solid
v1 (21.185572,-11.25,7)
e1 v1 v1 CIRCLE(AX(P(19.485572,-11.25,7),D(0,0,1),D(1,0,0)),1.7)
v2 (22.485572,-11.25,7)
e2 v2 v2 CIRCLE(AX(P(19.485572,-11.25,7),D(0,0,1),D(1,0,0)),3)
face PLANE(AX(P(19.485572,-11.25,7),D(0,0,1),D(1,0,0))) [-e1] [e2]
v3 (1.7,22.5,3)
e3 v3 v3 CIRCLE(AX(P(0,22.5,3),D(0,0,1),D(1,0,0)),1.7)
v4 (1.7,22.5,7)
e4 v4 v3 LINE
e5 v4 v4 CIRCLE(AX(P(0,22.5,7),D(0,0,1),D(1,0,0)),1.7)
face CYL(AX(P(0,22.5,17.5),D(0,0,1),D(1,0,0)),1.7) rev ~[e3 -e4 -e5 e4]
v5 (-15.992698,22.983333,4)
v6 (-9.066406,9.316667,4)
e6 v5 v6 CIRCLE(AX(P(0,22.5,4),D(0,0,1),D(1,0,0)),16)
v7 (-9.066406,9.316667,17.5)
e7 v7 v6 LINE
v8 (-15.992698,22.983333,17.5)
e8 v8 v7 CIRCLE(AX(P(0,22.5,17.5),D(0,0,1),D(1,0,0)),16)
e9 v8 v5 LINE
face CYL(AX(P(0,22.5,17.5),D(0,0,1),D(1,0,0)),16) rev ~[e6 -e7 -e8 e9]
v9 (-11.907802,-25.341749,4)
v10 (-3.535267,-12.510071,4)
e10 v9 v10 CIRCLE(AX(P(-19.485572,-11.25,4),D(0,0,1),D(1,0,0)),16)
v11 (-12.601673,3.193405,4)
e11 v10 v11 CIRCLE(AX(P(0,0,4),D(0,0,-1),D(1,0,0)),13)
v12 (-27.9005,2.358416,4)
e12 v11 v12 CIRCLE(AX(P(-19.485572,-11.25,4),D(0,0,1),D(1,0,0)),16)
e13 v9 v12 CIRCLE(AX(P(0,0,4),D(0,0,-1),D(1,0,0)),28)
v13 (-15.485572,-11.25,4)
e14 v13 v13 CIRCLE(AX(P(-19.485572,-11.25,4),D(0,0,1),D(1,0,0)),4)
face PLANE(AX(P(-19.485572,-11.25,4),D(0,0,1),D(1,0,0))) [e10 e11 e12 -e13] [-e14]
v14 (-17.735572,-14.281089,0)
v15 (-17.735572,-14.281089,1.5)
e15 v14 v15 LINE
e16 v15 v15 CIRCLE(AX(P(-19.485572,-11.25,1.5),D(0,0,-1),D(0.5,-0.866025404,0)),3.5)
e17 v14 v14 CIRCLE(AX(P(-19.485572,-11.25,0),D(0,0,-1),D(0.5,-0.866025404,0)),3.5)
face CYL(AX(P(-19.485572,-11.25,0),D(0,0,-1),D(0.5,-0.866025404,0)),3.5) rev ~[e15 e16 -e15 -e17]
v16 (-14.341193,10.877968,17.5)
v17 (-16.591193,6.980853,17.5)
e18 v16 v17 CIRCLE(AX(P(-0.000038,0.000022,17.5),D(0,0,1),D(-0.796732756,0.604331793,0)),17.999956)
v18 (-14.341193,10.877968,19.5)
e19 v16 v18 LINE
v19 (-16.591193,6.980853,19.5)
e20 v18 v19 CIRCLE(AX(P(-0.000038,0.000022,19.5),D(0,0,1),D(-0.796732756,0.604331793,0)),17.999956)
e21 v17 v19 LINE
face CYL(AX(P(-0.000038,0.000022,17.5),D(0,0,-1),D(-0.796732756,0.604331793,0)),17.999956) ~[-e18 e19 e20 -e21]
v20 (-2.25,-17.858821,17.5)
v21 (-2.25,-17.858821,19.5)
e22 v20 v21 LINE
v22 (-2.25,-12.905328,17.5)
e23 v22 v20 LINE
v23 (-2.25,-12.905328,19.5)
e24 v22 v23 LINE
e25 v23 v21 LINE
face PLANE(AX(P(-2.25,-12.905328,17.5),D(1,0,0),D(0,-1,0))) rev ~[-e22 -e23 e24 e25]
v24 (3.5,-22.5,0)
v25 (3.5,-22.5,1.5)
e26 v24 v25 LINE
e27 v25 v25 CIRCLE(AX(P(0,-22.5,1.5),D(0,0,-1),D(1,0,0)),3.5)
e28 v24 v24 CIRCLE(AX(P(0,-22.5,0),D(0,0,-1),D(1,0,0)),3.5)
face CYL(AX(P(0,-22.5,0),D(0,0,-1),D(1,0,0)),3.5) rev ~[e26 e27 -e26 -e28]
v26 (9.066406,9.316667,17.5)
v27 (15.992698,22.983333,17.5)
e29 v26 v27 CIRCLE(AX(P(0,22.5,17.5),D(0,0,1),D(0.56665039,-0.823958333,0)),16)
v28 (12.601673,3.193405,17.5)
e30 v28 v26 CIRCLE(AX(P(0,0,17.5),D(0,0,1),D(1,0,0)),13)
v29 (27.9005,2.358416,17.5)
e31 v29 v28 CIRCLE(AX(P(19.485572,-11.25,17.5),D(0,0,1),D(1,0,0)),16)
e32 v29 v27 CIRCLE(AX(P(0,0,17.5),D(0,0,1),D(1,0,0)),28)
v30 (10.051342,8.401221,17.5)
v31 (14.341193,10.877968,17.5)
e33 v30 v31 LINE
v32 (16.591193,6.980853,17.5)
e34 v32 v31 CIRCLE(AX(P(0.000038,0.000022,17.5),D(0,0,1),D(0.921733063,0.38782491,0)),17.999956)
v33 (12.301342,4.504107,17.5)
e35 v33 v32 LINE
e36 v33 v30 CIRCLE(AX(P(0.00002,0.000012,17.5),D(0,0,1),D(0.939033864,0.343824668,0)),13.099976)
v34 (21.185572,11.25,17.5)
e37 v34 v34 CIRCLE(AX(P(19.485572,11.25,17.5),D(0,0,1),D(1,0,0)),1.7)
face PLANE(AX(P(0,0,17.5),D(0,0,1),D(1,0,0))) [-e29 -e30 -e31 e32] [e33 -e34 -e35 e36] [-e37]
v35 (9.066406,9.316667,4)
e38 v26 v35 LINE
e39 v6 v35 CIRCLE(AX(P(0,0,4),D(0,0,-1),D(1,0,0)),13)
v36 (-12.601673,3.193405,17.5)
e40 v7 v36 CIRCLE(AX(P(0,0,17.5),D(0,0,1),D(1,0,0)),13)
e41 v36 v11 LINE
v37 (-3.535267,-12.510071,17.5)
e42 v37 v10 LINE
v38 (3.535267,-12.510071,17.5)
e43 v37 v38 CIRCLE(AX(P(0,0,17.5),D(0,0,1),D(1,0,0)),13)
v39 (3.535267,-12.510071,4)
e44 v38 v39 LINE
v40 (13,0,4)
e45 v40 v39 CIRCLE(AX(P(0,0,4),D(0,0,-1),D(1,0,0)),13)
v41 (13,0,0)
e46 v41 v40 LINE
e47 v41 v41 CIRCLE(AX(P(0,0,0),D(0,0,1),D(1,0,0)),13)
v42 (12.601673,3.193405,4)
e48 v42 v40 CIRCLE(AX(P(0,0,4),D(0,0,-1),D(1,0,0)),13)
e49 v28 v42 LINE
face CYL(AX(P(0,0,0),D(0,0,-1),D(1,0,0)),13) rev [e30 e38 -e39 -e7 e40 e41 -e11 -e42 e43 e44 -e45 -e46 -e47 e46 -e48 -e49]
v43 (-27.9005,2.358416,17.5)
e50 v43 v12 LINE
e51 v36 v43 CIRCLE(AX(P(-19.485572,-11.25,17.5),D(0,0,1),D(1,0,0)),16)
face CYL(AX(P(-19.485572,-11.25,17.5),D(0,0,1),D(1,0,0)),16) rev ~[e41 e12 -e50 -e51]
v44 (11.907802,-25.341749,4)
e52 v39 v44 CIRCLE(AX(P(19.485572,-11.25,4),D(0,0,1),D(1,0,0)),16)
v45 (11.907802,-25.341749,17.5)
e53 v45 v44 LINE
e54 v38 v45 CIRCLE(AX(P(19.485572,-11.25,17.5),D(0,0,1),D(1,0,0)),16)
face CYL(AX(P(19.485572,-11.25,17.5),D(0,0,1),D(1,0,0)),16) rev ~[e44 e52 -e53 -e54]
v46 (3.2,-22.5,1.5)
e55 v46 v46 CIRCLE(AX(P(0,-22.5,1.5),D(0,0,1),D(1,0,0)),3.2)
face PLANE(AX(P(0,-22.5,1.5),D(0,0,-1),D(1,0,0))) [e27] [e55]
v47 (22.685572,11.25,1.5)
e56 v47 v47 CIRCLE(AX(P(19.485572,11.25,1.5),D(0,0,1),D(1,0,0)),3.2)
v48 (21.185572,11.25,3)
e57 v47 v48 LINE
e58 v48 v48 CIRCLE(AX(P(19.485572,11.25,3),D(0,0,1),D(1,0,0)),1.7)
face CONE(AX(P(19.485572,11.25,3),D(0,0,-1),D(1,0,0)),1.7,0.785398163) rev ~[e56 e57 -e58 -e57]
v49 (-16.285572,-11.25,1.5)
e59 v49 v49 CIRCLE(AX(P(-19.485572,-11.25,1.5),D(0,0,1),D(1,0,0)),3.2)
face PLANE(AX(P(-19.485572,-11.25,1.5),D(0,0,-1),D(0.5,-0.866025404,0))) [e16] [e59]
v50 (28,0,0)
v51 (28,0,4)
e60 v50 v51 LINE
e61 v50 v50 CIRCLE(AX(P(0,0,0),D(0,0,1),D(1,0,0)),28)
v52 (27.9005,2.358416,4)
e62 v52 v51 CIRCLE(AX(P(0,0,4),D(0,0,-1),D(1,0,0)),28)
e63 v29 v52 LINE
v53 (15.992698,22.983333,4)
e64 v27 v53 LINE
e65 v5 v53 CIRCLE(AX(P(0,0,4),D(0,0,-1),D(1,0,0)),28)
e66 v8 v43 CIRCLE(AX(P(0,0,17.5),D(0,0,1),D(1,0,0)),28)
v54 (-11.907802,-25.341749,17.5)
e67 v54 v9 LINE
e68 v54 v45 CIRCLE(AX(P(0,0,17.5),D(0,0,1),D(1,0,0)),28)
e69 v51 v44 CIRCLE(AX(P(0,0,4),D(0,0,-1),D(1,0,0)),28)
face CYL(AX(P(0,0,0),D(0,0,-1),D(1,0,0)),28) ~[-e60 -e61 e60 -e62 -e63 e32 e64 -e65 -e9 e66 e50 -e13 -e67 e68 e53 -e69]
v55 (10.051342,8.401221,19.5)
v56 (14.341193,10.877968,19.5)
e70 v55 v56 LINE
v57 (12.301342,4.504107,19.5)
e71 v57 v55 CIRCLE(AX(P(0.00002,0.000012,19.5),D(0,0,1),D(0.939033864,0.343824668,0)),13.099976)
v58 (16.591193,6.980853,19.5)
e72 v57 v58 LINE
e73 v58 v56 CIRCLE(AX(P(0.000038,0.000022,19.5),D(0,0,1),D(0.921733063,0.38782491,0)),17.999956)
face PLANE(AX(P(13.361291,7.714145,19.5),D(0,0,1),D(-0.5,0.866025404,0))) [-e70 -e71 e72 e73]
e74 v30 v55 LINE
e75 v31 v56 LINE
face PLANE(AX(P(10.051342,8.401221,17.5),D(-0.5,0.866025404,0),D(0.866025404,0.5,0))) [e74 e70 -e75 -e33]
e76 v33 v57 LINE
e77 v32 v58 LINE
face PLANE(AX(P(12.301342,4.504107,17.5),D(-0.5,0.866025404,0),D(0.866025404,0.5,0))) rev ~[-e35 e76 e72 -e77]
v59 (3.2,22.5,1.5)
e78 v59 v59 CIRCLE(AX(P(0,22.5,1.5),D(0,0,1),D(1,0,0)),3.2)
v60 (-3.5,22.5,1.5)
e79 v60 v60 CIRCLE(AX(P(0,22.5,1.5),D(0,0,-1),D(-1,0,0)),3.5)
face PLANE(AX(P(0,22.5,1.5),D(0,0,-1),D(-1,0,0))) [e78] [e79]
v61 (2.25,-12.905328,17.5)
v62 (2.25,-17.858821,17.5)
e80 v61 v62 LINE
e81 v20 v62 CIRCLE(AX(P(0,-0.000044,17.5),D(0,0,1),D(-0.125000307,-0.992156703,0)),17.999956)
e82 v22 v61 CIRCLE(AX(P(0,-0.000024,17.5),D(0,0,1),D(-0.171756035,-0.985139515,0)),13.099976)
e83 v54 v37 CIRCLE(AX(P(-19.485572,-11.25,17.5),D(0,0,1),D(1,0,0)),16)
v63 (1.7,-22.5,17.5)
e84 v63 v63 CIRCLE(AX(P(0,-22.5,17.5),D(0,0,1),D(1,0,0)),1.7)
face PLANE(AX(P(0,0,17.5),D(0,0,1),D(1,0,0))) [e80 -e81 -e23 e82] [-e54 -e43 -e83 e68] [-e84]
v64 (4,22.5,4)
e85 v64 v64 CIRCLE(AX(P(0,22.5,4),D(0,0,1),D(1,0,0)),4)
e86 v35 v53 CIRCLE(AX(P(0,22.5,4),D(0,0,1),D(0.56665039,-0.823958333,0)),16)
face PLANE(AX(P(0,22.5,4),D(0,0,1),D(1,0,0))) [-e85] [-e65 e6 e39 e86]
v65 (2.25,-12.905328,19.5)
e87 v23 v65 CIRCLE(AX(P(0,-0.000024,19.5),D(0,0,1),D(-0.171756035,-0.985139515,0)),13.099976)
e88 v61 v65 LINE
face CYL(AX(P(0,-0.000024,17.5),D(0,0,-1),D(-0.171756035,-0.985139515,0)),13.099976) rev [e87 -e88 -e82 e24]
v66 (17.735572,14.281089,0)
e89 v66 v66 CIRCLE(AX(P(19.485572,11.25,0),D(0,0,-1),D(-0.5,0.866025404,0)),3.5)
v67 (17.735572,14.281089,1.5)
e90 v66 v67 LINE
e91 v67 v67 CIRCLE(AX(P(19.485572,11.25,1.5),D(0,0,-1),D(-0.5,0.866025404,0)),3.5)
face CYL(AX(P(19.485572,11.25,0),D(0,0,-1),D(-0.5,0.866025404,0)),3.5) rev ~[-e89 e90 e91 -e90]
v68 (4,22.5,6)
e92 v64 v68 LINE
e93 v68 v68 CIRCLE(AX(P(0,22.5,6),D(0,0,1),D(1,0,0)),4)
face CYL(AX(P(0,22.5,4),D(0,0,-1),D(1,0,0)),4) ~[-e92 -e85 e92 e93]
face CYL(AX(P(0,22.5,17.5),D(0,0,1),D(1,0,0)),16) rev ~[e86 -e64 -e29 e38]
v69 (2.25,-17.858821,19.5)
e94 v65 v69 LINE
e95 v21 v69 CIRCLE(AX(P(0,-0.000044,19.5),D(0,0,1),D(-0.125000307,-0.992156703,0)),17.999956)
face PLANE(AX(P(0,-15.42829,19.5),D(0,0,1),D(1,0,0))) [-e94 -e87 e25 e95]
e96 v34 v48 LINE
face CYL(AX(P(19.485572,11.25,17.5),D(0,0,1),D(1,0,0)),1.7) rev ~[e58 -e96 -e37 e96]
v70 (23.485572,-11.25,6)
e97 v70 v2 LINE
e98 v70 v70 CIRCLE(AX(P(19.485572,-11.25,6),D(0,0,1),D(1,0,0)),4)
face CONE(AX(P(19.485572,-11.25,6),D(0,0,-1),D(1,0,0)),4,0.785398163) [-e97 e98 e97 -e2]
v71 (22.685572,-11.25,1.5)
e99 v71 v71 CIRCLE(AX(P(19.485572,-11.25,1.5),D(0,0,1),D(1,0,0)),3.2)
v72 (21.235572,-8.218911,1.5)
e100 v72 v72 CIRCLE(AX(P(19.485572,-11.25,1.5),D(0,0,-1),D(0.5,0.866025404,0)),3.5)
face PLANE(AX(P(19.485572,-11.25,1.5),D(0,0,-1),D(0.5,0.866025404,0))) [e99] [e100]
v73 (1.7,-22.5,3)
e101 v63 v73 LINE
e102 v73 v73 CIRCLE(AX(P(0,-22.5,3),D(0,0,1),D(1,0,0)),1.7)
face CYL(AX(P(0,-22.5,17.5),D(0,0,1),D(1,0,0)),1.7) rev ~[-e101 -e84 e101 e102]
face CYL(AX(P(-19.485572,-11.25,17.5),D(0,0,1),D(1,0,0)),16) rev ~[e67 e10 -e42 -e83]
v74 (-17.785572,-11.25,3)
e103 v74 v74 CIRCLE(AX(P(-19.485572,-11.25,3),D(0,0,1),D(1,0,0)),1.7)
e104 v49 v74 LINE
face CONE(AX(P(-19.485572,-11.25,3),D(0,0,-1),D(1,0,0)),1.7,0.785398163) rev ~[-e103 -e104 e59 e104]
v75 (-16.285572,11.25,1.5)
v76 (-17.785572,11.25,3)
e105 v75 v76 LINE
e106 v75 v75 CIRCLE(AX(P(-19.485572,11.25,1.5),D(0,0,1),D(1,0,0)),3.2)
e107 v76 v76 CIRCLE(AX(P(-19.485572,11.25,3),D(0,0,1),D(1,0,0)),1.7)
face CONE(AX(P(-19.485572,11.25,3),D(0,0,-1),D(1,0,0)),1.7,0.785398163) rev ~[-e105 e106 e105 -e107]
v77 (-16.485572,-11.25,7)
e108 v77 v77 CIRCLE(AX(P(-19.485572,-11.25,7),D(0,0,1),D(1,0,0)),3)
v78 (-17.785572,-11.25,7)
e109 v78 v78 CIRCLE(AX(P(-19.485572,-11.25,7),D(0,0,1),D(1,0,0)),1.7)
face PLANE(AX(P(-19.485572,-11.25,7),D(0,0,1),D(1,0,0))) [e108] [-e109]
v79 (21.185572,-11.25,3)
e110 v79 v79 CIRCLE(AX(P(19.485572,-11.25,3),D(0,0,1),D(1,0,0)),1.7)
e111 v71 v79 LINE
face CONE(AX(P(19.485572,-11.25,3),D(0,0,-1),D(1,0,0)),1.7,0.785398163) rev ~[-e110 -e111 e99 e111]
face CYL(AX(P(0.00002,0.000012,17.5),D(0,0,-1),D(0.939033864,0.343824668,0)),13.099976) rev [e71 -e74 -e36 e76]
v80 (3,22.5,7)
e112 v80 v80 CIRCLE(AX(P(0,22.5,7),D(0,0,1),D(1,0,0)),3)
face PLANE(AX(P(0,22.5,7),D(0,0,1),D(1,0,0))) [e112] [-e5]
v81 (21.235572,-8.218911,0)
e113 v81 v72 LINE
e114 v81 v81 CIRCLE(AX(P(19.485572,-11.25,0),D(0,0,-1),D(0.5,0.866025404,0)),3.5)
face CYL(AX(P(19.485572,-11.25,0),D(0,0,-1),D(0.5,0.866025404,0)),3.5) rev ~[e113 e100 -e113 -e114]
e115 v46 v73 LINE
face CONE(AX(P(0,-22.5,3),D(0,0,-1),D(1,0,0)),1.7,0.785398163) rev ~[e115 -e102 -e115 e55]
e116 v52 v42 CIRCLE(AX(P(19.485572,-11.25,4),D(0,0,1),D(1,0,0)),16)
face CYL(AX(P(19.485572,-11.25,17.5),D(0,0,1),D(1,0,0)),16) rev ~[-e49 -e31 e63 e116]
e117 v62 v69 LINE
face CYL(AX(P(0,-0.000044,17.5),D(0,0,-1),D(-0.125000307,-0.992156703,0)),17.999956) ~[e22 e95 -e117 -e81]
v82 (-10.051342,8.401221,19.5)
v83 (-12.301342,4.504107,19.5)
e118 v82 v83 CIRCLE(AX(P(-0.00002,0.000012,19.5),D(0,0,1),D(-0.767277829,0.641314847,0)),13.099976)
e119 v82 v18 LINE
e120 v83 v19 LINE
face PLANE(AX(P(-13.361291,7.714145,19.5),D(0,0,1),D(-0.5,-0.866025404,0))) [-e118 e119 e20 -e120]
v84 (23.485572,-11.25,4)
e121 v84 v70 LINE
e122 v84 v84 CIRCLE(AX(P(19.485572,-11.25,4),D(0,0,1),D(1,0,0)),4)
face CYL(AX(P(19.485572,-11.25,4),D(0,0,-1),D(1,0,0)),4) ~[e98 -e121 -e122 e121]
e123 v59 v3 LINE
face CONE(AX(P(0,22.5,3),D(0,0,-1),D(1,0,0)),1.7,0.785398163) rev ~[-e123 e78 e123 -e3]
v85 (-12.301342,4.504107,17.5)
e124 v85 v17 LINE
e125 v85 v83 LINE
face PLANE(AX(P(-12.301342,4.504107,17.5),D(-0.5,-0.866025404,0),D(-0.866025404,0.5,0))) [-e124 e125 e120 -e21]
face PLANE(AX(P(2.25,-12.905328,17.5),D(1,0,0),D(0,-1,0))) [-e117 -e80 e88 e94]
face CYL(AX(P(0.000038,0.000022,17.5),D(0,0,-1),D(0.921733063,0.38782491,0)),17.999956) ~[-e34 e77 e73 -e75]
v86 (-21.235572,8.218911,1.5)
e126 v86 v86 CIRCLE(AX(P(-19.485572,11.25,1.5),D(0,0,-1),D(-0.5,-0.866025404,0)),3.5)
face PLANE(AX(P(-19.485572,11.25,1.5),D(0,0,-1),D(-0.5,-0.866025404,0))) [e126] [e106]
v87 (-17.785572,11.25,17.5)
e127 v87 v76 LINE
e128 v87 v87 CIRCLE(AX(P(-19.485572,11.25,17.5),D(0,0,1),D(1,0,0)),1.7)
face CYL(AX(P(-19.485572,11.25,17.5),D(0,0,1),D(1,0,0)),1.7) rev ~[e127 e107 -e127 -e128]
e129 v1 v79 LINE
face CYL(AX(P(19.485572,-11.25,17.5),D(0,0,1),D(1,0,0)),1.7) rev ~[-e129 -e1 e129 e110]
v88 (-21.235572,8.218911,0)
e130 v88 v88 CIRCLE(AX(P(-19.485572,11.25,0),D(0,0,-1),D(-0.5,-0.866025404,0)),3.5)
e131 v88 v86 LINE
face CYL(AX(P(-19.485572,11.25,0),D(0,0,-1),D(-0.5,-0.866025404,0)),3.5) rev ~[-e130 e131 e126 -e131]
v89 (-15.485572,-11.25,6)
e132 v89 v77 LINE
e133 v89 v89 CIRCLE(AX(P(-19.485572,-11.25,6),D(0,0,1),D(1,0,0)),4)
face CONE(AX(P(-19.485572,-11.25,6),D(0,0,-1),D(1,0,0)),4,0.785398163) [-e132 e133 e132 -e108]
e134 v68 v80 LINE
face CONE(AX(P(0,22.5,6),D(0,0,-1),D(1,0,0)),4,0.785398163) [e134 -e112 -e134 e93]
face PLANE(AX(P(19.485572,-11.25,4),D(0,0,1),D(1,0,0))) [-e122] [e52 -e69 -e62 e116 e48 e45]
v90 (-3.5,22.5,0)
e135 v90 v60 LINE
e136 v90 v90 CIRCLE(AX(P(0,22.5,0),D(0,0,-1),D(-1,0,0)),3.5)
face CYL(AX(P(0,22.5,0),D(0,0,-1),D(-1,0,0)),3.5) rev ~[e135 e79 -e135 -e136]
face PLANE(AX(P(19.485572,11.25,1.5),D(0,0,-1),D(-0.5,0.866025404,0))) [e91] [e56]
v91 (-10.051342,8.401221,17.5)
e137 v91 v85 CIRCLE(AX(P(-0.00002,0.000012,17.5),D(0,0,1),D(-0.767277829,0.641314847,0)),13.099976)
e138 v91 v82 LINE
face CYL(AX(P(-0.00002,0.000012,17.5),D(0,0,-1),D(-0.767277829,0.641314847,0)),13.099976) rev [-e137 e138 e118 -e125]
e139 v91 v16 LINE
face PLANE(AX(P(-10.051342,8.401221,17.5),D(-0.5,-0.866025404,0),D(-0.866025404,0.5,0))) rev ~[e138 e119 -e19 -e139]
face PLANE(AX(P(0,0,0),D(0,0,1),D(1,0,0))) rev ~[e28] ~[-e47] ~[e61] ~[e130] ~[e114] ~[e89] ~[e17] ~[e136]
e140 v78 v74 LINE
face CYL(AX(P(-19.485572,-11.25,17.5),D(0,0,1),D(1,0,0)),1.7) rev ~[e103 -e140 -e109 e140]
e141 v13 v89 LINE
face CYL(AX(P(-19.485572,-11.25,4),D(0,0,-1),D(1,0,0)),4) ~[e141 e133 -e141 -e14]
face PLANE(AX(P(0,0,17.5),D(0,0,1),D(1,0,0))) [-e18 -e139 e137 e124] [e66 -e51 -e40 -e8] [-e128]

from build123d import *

# Parameters (mm, degrees)
SKETCH005_R           = 28
SKETCH005_R_2         = 13
PAD002_DEPTH          = 17.5
SKETCH007_R           = 16
POCKET003_DEPTH       = 13.5
SKETCH006_R           = 4
PAD003_DEPTH          = 3
SKETCH008_R           = 1.7
POCKET004_DEPTH       = 17.501
PAD_DEPTH             = 2
POLARPATTERN_COUNT    = 3
CHAMFER_SIZE          = 1
CHAMFER001_SIZE       = 1
CHAMFER002_SIZE       = 1
SKETCH_R              = 3.5
POCKET_DEPTH          = 1.5
POLARPATTERN001_COUNT = 6
CHAMFER003_SIZE       = 1.5
CHAMFER004_SIZE       = 1.5
CHAMFER005_SIZE       = 1.5
CHAMFER006_SIZE       = 1.5
CHAMFER007_SIZE       = 1.5
CHAMFER008_SIZE       = 1.5


with BuildPart() as part:
    # Sketch005 → Pad002 (new body)
    with BuildSketch(Plane.XY):
        Circle(SKETCH005_R)
        Circle(SKETCH005_R_2, mode=Mode.SUBTRACT)
    extrude(amount=PAD002_DEPTH)

    # Sketch007 → Pocket003 (cut)
    with BuildSketch(Plane.XY.offset(17.5)):
        with Locations((0, 22.5)):
            Circle(SKETCH007_R)
        with Locations((-19.485572, -11.25)):
            Circle(SKETCH007_R)
        with Locations((19.485572, -11.25)):
            Circle(SKETCH007_R)
    extrude(amount=-POCKET003_DEPTH, mode=Mode.SUBTRACT)

    # Sketch006 → Pad003 (new body)
    with BuildSketch(Plane.XY.offset(4)):
        with Locations((0, 22.5)):
            Circle(SKETCH006_R)
        with Locations((-19.485572, -11.25)):
            Circle(SKETCH006_R)
        with Locations((19.485572, -11.25)):
            Circle(SKETCH006_R)
    extrude(amount=PAD003_DEPTH)

    # Sketch008 → Pocket004 (cut, through all)
    with BuildSketch(Plane.XY.offset(17.5)):
        with Locations((0, 22.5)):
            Circle(SKETCH008_R)
        with Locations((-19.485572, -11.25)):
            Circle(SKETCH008_R)
        with Locations((19.485572, -11.25)):
            Circle(SKETCH008_R)
        with Locations((-19.485572, 11.25)):
            Circle(SKETCH008_R)
        with Locations((19.485572, 11.25)):
            Circle(SKETCH008_R)
        with Locations((0, -22.5)):
            Circle(SKETCH008_R)
    extrude(amount=-POCKET004_DEPTH, mode=Mode.SUBTRACT)

    # Sketch009 → Pad (new body)
    with BuildSketch(Plane.XY.offset(17.5)):
        with BuildLine():
            Line((-2.25, -12.905328), (-2.25, -17.858821))
            ThreePointArc((-2.25, -17.858821), (0, -18), (2.25, -17.858821))
            Line((2.25, -12.905328), (2.25, -17.858821))
            ThreePointArc((-2.25, -12.905328), (0, -13.1), (2.25, -12.905328))
        make_face()
    pad = extrude(amount=PAD_DEPTH)

    # PolarPattern: Pad ×3 about axis
    polarpattern_axis = Axis((0, 0, 17.5), (0, 0, 1))
    for i in range(1, POLARPATTERN_COUNT):
        add(pad.rotate(polarpattern_axis, i * 360 / POLARPATTERN_COUNT))

    # Chamfer
    chamfer_edges = [part.edges().sort_by_distance(p)[0] for p in [
        (-4, 22.5, 7),
    ]]
    chamfer(chamfer_edges, length=CHAMFER_SIZE)

    # Chamfer001
    chamfer001_edges = [part.edges().sort_by_distance(p)[0] for p in [
        (-23.485572, -11.25, 7),
    ]]
    chamfer(chamfer001_edges, length=CHAMFER001_SIZE)

    # Chamfer002
    chamfer002_edges = [part.edges().sort_by_distance(p)[0] for p in [
        (15.485572, -11.25, 7),
    ]]
    chamfer(chamfer002_edges, length=CHAMFER002_SIZE)

    # Sketch → Pocket (cut)
    with BuildSketch(Plane(origin=(0, 0, 0), x_dir=(1, 0, 0), z_dir=(0, 0, -1))):
        with Locations((0, 22.5)):
            Circle(SKETCH_R)
    pocket = extrude(amount=-POCKET_DEPTH, mode=Mode.SUBTRACT)

    # PolarPattern001: Pocket ×6 about axis
    polarpattern001_axis = Axis((0, 0, 0), (0, 0, -1))
    for i in range(1, POLARPATTERN001_COUNT):
        add(pocket.rotate(polarpattern001_axis, i * 360 / POLARPATTERN001_COUNT), mode=Mode.SUBTRACT)

    # Chamfer003
    chamfer003_edges = [part.edges().sort_by_distance(p)[0] for p in [
        (-1.7, 22.5, 1.5),
    ]]
    chamfer(chamfer003_edges, length=CHAMFER003_SIZE)

    # Chamfer004
    chamfer004_edges = [part.edges().sort_by_distance(p)[0] for p in [
        (-21.185572, 11.25, 1.5),
    ]]
    chamfer(chamfer004_edges, length=CHAMFER004_SIZE)

    # Chamfer005
    chamfer005_edges = [part.edges().sort_by_distance(p)[0] for p in [
        (17.785572, -11.25, 1.5),
    ]]
    chamfer(chamfer005_edges, length=CHAMFER005_SIZE)

    # Chamfer006
    chamfer006_edges = [part.edges().sort_by_distance(p)[0] for p in [
        (17.785572, 11.25, 1.5),
    ]]
    chamfer(chamfer006_edges, length=CHAMFER006_SIZE)

    # Chamfer007
    chamfer007_edges = [part.edges().sort_by_distance(p)[0] for p in [
        (-21.185572, -11.25, 1.5),
    ]]
    chamfer(chamfer007_edges, length=CHAMFER007_SIZE)

    # Chamfer008
    chamfer008_edges = [part.edges().sort_by_distance(p)[0] for p in [
        (-1.7, -22.5, 1.5),
    ]]
    chamfer(chamfer008_edges, length=CHAMFER008_SIZE)


solid = part.part
